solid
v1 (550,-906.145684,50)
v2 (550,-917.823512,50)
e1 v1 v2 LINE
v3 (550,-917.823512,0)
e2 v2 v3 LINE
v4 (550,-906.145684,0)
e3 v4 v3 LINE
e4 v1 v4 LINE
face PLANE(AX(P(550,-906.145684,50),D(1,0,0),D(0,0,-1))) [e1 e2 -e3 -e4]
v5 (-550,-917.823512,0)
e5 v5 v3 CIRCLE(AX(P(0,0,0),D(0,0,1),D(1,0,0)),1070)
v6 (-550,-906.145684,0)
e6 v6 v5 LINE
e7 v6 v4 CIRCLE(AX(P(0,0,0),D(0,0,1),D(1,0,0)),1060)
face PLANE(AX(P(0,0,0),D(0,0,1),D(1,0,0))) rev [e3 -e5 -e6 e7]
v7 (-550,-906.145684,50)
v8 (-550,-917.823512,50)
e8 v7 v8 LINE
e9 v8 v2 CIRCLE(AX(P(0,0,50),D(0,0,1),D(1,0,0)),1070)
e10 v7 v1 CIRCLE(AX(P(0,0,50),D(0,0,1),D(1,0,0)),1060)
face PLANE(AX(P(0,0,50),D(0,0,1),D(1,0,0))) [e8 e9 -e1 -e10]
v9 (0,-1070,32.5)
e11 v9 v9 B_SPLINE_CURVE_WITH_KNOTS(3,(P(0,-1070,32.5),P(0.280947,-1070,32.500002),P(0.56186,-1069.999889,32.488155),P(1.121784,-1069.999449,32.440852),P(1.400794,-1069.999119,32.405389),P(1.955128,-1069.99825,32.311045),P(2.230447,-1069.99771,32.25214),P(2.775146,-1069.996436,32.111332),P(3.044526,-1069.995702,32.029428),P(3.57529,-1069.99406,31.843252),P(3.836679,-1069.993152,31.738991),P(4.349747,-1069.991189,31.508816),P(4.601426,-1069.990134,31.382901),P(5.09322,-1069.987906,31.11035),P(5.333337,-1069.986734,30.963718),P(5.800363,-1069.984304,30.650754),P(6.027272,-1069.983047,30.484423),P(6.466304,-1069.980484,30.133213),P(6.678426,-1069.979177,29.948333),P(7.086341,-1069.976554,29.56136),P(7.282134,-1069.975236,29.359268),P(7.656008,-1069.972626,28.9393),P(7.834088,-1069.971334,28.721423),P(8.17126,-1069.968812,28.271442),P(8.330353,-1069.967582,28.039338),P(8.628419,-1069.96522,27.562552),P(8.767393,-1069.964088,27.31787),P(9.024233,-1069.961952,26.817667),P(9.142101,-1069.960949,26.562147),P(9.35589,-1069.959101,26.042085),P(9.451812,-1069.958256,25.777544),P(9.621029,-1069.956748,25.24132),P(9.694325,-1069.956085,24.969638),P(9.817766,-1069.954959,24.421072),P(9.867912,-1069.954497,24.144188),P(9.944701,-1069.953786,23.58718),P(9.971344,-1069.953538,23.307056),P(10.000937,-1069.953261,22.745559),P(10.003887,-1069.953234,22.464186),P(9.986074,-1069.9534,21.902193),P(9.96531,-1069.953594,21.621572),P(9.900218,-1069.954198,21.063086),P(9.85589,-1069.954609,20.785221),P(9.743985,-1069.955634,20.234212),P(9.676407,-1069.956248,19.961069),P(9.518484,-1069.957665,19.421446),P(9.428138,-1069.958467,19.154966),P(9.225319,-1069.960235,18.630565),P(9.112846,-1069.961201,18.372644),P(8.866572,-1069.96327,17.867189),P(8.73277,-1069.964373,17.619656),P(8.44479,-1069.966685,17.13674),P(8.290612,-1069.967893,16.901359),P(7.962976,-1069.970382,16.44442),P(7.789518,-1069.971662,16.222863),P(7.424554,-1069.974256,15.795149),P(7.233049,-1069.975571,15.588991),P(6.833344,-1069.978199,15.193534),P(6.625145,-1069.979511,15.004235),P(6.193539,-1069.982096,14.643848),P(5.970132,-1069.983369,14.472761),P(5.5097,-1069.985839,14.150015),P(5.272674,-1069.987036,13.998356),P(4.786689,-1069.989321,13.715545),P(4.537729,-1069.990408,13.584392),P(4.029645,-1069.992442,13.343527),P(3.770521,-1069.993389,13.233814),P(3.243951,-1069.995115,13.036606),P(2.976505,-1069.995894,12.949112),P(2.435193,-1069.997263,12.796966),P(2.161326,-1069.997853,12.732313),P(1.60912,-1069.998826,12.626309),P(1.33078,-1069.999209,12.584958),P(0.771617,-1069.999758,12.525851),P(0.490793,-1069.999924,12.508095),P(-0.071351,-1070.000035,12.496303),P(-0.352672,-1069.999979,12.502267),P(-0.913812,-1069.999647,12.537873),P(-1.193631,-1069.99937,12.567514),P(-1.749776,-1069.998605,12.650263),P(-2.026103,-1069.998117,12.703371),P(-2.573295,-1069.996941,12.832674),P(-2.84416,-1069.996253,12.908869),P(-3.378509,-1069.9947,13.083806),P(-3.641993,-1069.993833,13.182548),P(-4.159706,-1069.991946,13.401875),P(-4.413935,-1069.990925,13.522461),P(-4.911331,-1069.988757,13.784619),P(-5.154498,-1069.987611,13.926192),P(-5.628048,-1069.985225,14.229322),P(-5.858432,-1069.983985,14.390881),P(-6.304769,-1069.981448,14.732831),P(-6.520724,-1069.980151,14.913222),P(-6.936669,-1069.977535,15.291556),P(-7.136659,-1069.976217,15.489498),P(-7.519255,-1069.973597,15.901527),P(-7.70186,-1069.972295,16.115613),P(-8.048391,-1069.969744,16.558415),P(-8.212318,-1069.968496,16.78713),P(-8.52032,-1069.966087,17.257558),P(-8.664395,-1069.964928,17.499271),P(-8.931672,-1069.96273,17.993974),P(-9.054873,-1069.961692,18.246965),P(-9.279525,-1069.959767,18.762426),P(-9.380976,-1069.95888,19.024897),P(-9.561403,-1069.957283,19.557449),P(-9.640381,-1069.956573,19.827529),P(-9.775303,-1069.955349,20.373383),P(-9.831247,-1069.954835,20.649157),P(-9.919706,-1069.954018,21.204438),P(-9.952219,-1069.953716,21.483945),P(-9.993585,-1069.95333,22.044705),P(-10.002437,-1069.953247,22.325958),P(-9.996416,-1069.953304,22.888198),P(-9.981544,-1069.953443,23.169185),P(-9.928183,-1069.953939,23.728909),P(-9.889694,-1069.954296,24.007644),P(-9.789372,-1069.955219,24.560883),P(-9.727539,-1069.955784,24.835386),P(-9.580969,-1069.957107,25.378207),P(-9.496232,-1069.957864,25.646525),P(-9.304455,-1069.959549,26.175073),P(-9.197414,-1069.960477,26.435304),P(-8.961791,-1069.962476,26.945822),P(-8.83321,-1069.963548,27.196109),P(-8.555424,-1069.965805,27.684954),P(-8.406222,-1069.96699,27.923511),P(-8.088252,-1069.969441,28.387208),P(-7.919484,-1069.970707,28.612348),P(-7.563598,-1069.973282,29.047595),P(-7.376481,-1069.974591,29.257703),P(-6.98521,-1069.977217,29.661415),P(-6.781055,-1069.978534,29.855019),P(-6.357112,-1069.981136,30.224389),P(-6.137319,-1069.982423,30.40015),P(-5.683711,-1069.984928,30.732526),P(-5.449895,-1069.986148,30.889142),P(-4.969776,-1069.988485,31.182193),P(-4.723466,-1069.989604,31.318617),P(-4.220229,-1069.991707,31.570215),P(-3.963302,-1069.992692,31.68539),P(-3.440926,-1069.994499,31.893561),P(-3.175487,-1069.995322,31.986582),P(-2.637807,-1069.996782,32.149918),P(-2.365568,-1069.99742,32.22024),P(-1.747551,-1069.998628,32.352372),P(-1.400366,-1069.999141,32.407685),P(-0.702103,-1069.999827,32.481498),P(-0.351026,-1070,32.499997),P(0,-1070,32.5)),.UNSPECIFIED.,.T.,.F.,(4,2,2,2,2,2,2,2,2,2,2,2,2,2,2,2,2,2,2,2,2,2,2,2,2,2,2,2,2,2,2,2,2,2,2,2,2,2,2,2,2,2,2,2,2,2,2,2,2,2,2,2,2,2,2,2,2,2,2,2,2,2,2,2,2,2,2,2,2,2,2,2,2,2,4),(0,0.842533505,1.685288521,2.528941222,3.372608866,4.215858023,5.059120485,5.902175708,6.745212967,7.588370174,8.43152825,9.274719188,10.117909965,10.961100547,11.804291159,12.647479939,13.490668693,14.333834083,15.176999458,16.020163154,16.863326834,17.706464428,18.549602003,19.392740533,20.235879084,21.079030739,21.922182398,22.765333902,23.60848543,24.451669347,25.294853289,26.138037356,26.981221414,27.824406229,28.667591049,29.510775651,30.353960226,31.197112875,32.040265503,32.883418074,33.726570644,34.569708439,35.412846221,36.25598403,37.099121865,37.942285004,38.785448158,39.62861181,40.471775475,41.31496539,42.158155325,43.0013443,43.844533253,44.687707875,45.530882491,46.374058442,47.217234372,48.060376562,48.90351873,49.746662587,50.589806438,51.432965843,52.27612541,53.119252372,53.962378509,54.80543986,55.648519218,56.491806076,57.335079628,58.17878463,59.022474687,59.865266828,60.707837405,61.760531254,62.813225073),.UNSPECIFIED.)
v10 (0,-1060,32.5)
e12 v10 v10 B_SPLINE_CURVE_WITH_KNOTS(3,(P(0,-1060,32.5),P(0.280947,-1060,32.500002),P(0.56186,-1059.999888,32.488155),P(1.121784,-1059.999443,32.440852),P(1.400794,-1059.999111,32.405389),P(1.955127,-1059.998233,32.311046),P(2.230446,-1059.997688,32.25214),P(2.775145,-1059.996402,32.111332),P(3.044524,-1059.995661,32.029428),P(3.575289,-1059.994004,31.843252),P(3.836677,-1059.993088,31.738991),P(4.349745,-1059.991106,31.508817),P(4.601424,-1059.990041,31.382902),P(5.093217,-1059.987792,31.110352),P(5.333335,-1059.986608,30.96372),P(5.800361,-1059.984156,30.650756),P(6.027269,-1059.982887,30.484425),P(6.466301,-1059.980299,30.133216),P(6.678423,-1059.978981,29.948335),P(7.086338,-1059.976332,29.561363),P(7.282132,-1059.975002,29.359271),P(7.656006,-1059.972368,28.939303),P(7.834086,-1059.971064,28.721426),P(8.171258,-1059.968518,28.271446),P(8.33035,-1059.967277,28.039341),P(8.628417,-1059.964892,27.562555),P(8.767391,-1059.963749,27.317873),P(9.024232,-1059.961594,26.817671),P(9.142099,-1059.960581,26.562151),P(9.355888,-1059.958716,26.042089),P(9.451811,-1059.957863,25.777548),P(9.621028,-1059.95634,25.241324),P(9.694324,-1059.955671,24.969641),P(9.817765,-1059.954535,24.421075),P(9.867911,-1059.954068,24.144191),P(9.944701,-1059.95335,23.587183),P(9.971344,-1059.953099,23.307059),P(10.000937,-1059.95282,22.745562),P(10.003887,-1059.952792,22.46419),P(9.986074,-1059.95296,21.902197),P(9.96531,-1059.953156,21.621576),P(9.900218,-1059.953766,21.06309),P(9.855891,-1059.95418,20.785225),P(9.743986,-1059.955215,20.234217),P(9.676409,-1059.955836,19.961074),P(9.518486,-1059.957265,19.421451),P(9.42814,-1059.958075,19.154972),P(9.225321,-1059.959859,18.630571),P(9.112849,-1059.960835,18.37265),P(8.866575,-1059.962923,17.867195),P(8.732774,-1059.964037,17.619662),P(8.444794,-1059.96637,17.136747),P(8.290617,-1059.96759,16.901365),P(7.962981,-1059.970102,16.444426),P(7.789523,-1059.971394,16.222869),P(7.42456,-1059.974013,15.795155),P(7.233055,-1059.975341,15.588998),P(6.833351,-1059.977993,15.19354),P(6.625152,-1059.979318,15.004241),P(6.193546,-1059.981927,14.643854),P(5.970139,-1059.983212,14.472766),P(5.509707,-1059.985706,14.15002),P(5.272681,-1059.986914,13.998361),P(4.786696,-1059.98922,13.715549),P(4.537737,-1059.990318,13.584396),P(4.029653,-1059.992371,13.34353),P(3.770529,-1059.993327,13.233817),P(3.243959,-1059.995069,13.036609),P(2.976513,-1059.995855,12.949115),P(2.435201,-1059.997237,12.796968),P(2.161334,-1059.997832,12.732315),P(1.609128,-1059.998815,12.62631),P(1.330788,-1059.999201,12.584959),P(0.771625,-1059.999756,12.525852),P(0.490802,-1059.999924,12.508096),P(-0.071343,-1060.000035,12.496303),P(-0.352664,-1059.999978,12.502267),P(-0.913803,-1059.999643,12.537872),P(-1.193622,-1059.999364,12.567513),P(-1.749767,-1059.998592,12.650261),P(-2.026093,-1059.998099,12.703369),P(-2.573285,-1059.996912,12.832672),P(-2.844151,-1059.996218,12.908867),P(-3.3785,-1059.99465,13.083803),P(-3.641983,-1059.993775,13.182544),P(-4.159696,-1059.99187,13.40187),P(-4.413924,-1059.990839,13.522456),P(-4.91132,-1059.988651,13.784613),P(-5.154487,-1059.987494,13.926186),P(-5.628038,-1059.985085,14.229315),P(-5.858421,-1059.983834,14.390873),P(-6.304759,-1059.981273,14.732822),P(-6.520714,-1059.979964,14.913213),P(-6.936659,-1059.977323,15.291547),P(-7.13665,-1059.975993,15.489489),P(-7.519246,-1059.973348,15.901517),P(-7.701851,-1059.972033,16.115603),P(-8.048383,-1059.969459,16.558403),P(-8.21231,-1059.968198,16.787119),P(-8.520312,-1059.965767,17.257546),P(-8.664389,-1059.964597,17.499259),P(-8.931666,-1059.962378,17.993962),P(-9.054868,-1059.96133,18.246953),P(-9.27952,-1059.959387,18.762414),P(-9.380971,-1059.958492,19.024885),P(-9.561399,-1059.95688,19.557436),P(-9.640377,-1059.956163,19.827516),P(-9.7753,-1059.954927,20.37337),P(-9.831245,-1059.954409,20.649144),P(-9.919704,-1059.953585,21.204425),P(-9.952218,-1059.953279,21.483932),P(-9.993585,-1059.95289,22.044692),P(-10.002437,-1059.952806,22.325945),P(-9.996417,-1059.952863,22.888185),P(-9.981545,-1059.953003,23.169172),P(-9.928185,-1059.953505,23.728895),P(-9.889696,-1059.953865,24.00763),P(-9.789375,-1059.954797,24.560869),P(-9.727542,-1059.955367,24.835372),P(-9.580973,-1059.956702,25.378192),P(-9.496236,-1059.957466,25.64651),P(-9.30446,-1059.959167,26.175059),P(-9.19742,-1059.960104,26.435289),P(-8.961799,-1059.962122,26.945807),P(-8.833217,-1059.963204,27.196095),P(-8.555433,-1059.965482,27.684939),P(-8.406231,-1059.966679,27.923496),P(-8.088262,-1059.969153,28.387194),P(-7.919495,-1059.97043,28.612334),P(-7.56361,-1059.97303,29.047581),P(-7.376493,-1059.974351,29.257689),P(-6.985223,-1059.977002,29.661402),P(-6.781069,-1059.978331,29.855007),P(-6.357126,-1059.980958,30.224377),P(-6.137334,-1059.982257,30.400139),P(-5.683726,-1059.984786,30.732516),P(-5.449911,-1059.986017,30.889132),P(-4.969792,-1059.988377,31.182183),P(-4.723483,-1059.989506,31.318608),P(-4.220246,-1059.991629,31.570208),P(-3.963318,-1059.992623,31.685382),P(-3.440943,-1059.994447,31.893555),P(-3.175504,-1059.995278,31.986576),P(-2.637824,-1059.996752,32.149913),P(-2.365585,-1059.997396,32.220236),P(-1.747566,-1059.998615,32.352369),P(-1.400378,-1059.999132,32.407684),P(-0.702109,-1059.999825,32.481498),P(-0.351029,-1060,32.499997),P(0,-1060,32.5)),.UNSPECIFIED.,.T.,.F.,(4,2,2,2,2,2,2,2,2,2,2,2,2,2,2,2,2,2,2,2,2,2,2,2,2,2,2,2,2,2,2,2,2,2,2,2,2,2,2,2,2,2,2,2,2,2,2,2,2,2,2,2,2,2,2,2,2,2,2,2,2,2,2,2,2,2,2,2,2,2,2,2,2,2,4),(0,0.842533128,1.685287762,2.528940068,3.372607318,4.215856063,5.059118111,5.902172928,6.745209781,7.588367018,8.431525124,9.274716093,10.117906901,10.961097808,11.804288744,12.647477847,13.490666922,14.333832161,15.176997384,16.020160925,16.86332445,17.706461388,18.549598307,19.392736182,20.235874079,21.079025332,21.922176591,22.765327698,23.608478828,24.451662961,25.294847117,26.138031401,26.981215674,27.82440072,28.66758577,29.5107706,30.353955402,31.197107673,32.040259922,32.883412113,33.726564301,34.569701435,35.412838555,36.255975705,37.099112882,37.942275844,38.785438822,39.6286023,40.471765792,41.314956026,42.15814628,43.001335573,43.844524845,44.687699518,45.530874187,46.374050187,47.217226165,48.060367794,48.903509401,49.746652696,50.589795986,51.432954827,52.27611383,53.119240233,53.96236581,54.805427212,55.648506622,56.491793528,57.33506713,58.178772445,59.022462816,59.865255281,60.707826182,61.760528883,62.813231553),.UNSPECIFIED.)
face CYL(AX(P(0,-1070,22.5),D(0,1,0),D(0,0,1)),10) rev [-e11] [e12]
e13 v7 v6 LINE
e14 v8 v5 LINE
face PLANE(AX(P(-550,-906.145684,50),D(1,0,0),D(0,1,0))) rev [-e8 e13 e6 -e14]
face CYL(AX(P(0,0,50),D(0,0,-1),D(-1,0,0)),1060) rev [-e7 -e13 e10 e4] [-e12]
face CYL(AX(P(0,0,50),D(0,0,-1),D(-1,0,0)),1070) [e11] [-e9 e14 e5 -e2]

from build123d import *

# Parameters (mm, degrees)
BOSS_EXTRUDE1_DEPTH = 50
SKETCH3_R           = 10
CUT_EXTRUDE1_DEPTH  = 1205.117934423


with BuildPart() as part:
    # Sketch1 → Boss-Extrude1 (new body)
    with BuildSketch(Plane.XY):
        with BuildLine():
            Line((-550, -906.145683651), (-550, -917.823512447))
            ThreePointArc((-550, -917.823512447), (0, -1070), (550, -917.823512447))
            Line((550, -917.823512447), (550, -906.145683651))
            ThreePointArc((550, -906.145683651), (0, -1060), (-550, -906.145683651))
        make_face()
    extrude(amount=BOSS_EXTRUDE1_DEPTH)

    # Sketch3 → Cut-Extrude1 (cut, through all)
    with BuildSketch(Plane(origin=(0, 0, 0), x_dir=(1, 0, 0), z_dir=(0, 1, 0))):
        with Locations(Location((0, -22.5, 0), (0, 0, 270))):
            Circle(SKETCH3_R)
    extrude(amount=-CUT_EXTRUDE1_DEPTH, mode=Mode.SUBTRACT)


solid = part.part
